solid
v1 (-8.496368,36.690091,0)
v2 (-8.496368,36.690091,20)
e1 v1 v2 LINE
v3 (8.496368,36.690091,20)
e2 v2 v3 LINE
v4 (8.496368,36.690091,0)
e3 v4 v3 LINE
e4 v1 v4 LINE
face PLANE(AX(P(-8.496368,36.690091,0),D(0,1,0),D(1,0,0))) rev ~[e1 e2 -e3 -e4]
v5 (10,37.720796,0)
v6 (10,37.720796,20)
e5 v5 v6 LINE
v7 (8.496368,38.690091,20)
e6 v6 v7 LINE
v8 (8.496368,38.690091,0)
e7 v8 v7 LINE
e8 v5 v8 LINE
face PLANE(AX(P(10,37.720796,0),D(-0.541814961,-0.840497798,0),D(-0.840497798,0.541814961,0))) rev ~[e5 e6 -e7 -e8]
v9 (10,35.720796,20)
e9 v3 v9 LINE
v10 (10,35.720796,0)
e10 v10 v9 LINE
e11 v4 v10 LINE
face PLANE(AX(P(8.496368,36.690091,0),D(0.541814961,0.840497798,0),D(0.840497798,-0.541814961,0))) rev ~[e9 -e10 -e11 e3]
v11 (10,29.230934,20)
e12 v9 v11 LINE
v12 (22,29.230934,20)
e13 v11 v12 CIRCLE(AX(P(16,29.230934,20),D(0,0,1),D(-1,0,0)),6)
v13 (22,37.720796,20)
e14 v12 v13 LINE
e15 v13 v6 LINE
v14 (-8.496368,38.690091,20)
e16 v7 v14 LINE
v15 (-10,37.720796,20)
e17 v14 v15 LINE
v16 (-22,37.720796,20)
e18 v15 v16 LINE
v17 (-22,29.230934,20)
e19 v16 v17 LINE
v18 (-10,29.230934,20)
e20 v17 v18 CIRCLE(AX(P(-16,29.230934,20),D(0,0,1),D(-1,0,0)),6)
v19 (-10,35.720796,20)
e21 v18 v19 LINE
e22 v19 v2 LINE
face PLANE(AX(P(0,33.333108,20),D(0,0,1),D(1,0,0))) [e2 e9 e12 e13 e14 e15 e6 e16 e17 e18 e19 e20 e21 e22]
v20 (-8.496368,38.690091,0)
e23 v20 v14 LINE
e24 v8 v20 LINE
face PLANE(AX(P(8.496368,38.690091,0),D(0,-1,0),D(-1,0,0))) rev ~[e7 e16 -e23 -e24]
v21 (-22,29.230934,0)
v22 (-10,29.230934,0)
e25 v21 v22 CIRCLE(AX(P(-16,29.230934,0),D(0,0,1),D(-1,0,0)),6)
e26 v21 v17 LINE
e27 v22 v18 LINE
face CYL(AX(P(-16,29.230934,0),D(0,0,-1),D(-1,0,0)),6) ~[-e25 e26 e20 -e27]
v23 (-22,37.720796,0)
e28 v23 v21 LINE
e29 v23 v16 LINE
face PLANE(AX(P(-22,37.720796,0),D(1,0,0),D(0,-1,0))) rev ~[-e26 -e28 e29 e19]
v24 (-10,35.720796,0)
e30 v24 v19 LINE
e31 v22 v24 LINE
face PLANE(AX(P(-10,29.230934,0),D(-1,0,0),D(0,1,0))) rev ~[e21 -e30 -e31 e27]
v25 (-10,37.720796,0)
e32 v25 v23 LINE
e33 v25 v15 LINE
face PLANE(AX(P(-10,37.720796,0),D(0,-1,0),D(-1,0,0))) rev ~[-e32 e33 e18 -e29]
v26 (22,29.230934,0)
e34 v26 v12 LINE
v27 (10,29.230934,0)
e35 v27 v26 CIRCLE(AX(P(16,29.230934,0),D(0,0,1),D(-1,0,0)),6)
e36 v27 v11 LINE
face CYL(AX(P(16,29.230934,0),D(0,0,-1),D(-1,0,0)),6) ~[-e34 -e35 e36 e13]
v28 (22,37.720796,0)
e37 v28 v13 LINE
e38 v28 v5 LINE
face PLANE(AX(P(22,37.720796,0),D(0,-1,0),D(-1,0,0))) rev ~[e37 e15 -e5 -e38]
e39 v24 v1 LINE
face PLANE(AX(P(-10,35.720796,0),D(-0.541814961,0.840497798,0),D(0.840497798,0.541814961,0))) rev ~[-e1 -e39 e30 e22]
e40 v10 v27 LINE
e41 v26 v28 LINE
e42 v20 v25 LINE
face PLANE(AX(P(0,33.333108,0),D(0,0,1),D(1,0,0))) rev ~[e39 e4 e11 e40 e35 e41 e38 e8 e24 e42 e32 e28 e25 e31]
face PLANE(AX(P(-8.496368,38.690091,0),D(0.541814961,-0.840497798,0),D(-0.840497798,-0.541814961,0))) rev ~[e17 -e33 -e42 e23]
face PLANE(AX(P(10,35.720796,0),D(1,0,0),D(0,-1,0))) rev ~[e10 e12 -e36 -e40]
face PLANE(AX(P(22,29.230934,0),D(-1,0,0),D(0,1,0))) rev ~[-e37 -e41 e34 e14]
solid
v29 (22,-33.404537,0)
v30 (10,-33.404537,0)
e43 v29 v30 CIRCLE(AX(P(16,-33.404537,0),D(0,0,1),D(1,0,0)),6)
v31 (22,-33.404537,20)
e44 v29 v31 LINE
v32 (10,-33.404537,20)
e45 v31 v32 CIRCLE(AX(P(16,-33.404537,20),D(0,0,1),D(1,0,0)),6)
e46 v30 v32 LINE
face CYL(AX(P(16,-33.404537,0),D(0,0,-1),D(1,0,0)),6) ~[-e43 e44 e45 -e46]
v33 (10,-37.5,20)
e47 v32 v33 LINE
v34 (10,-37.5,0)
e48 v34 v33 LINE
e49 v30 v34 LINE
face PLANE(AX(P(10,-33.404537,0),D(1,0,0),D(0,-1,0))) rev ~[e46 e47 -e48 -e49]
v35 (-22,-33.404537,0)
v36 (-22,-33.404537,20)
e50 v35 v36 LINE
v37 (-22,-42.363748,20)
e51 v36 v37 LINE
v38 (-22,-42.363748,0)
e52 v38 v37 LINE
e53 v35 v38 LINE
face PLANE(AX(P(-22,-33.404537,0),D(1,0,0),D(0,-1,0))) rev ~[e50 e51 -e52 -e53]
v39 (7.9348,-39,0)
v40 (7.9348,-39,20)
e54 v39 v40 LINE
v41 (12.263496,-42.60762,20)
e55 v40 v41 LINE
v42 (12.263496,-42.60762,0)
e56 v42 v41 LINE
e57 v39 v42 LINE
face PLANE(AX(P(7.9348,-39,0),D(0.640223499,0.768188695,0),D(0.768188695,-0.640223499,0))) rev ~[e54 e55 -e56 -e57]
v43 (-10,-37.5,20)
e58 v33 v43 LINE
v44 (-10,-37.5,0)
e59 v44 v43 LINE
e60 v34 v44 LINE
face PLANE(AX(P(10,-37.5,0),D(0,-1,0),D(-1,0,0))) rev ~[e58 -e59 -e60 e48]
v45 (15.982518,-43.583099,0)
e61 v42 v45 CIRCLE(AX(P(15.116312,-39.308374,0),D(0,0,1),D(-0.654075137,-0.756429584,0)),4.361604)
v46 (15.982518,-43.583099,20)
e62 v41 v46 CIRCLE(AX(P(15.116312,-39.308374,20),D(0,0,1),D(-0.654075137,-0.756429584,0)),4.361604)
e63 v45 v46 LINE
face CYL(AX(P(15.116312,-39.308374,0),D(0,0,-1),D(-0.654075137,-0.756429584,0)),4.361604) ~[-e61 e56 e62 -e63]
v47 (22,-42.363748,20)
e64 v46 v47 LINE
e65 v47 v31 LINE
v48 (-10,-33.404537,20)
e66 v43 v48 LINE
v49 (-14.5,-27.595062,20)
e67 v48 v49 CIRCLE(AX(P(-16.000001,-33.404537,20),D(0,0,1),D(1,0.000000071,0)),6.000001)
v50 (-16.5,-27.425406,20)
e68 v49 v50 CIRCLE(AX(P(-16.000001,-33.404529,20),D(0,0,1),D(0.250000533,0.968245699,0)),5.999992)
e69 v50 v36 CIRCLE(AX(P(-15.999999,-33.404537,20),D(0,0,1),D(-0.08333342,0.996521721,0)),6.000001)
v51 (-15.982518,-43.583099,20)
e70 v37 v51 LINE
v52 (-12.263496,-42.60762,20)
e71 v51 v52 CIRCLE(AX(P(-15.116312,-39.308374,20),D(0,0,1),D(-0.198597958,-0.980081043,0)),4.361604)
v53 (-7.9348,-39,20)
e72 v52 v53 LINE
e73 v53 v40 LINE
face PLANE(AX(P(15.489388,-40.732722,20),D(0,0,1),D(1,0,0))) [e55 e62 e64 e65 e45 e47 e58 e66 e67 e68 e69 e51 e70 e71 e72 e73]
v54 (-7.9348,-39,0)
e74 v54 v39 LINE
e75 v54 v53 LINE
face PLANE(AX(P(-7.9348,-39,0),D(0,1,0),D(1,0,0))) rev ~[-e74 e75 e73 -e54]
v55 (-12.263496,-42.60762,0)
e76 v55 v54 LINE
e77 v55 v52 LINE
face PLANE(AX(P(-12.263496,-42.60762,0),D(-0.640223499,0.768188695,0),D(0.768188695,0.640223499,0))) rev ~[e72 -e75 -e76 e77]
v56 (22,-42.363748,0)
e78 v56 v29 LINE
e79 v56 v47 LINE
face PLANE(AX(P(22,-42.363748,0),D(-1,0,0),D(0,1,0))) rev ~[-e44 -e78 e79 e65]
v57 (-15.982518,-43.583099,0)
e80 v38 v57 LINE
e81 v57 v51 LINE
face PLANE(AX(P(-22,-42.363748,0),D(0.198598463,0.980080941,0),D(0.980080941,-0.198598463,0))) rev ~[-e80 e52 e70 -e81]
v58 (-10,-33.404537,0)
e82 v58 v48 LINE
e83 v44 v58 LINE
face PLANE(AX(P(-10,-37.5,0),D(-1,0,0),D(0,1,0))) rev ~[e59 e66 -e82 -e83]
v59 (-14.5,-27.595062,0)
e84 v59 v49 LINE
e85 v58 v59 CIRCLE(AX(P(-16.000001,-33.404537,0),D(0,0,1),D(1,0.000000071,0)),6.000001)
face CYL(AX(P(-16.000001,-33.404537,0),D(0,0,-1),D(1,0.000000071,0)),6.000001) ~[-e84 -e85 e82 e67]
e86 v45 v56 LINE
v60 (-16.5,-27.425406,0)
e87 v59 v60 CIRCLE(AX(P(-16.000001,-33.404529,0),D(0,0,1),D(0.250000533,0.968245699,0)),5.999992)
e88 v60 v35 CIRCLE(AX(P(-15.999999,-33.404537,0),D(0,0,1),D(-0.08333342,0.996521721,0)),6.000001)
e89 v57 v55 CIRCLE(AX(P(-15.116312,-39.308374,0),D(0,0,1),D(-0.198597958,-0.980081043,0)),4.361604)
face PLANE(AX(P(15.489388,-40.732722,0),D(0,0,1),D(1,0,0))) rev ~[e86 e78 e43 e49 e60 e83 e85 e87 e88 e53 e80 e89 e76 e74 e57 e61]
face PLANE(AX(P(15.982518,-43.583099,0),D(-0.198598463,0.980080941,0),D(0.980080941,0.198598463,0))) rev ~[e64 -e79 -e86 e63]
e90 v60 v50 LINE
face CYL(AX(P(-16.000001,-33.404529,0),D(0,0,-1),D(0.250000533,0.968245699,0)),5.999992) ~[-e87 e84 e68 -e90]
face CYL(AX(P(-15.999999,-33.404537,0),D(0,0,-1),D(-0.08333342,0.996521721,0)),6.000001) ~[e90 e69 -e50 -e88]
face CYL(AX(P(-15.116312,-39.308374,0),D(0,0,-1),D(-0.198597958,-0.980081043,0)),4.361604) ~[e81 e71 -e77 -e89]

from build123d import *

# Parameters (mm, degrees)
F1_DEPTH = 20


with BuildPart() as f1:
    # F0 (on Top) → F1 (new body)
    with BuildSketch(Plane.XY):
        with BuildLine():
            Line((22, -39), (7.9348, -39))
            Line((7.9348, -39), (12.263496, -42.60762))
            ThreePointArc((12.263496, -42.60762), (14.009721, -43.527265), (15.982518, -43.583099))
            Line((15.982518, -43.583099), (22, -42.363748))
            Line((22, -42.363748), (22, -39))
        make_face()
        with BuildLine():
            Line((-22, -33.404537), (-22, -39))
            Line((-22, -39), (-7.9348, -39))
            Line((-7.9348, -39), (0, -39))
            Line((0, -39), (7.9348, -39))
            Line((7.9348, -39), (22, -39))
            Line((22, -39), (22, -33.404537))
            ThreePointArc((22, -33.404537), (16, -27.404537), (10, -33.404537))
            Line((10, -33.404537), (10, -37.5))
            Line((10, -37.5), (0, -37.5))
            Line((0, -37.5), (-10, -37.5))
            Line((-10, -37.5), (-10, -33.404537))
            ThreePointArc((-10, -33.404537), (-11.256584, -29.730302), (-14.5, -27.595062))
            ThreePointArc((-14.5, -27.595062), (-15.492855, -27.426008), (-16.5, -27.425406))
            ThreePointArc((-16.5, -27.425406), (-20.41588, -29.342517), (-22, -33.404537))
        make_face()
        with BuildLine():
            Line((-7.9348, -39), (-22, -39))
            Line((-22, -39), (-22, -42.363748))
            Line((-22, -42.363748), (-15.982518, -43.583099))
            ThreePointArc((-15.982518, -43.583099), (-14.009721, -43.527265), (-12.263496, -42.60762))
            Line((-12.263496, -42.60762), (-7.9348, -39))
        make_face()
        with BuildLine():
            Line((-22, 37.720796), (-22, 29.230934))
            ThreePointArc((-22, 29.230934), (-16, 23.230934), (-10, 29.230934))
            Line((-10, 29.230934), (-10, 35.720796))
            Line((-10, 35.720796), (-8.496368, 36.690091))
            Line((-8.496368, 36.690091), (8.496368, 36.690091))
            Line((8.496368, 36.690091), (10, 35.720796))
            Line((10, 35.720796), (10, 29.230934))
            ThreePointArc((10, 29.230934), (16, 23.230934), (22, 29.230934))
            Line((22, 29.230934), (22, 37.720796))
            Line((22, 37.720796), (10, 37.720796))
            Line((10, 37.720796), (8.496368, 38.690091))
            Line((8.496368, 38.690091), (0, 38.690091))
            Line((0, 38.690091), (-8.496368, 38.690091))
            Line((-8.496368, 38.690091), (-10, 37.720796))
            Line((-10, 37.720796), (-22, 37.720796))
        make_face()
    extrude(amount=F1_DEPTH)


solid = f1.part
